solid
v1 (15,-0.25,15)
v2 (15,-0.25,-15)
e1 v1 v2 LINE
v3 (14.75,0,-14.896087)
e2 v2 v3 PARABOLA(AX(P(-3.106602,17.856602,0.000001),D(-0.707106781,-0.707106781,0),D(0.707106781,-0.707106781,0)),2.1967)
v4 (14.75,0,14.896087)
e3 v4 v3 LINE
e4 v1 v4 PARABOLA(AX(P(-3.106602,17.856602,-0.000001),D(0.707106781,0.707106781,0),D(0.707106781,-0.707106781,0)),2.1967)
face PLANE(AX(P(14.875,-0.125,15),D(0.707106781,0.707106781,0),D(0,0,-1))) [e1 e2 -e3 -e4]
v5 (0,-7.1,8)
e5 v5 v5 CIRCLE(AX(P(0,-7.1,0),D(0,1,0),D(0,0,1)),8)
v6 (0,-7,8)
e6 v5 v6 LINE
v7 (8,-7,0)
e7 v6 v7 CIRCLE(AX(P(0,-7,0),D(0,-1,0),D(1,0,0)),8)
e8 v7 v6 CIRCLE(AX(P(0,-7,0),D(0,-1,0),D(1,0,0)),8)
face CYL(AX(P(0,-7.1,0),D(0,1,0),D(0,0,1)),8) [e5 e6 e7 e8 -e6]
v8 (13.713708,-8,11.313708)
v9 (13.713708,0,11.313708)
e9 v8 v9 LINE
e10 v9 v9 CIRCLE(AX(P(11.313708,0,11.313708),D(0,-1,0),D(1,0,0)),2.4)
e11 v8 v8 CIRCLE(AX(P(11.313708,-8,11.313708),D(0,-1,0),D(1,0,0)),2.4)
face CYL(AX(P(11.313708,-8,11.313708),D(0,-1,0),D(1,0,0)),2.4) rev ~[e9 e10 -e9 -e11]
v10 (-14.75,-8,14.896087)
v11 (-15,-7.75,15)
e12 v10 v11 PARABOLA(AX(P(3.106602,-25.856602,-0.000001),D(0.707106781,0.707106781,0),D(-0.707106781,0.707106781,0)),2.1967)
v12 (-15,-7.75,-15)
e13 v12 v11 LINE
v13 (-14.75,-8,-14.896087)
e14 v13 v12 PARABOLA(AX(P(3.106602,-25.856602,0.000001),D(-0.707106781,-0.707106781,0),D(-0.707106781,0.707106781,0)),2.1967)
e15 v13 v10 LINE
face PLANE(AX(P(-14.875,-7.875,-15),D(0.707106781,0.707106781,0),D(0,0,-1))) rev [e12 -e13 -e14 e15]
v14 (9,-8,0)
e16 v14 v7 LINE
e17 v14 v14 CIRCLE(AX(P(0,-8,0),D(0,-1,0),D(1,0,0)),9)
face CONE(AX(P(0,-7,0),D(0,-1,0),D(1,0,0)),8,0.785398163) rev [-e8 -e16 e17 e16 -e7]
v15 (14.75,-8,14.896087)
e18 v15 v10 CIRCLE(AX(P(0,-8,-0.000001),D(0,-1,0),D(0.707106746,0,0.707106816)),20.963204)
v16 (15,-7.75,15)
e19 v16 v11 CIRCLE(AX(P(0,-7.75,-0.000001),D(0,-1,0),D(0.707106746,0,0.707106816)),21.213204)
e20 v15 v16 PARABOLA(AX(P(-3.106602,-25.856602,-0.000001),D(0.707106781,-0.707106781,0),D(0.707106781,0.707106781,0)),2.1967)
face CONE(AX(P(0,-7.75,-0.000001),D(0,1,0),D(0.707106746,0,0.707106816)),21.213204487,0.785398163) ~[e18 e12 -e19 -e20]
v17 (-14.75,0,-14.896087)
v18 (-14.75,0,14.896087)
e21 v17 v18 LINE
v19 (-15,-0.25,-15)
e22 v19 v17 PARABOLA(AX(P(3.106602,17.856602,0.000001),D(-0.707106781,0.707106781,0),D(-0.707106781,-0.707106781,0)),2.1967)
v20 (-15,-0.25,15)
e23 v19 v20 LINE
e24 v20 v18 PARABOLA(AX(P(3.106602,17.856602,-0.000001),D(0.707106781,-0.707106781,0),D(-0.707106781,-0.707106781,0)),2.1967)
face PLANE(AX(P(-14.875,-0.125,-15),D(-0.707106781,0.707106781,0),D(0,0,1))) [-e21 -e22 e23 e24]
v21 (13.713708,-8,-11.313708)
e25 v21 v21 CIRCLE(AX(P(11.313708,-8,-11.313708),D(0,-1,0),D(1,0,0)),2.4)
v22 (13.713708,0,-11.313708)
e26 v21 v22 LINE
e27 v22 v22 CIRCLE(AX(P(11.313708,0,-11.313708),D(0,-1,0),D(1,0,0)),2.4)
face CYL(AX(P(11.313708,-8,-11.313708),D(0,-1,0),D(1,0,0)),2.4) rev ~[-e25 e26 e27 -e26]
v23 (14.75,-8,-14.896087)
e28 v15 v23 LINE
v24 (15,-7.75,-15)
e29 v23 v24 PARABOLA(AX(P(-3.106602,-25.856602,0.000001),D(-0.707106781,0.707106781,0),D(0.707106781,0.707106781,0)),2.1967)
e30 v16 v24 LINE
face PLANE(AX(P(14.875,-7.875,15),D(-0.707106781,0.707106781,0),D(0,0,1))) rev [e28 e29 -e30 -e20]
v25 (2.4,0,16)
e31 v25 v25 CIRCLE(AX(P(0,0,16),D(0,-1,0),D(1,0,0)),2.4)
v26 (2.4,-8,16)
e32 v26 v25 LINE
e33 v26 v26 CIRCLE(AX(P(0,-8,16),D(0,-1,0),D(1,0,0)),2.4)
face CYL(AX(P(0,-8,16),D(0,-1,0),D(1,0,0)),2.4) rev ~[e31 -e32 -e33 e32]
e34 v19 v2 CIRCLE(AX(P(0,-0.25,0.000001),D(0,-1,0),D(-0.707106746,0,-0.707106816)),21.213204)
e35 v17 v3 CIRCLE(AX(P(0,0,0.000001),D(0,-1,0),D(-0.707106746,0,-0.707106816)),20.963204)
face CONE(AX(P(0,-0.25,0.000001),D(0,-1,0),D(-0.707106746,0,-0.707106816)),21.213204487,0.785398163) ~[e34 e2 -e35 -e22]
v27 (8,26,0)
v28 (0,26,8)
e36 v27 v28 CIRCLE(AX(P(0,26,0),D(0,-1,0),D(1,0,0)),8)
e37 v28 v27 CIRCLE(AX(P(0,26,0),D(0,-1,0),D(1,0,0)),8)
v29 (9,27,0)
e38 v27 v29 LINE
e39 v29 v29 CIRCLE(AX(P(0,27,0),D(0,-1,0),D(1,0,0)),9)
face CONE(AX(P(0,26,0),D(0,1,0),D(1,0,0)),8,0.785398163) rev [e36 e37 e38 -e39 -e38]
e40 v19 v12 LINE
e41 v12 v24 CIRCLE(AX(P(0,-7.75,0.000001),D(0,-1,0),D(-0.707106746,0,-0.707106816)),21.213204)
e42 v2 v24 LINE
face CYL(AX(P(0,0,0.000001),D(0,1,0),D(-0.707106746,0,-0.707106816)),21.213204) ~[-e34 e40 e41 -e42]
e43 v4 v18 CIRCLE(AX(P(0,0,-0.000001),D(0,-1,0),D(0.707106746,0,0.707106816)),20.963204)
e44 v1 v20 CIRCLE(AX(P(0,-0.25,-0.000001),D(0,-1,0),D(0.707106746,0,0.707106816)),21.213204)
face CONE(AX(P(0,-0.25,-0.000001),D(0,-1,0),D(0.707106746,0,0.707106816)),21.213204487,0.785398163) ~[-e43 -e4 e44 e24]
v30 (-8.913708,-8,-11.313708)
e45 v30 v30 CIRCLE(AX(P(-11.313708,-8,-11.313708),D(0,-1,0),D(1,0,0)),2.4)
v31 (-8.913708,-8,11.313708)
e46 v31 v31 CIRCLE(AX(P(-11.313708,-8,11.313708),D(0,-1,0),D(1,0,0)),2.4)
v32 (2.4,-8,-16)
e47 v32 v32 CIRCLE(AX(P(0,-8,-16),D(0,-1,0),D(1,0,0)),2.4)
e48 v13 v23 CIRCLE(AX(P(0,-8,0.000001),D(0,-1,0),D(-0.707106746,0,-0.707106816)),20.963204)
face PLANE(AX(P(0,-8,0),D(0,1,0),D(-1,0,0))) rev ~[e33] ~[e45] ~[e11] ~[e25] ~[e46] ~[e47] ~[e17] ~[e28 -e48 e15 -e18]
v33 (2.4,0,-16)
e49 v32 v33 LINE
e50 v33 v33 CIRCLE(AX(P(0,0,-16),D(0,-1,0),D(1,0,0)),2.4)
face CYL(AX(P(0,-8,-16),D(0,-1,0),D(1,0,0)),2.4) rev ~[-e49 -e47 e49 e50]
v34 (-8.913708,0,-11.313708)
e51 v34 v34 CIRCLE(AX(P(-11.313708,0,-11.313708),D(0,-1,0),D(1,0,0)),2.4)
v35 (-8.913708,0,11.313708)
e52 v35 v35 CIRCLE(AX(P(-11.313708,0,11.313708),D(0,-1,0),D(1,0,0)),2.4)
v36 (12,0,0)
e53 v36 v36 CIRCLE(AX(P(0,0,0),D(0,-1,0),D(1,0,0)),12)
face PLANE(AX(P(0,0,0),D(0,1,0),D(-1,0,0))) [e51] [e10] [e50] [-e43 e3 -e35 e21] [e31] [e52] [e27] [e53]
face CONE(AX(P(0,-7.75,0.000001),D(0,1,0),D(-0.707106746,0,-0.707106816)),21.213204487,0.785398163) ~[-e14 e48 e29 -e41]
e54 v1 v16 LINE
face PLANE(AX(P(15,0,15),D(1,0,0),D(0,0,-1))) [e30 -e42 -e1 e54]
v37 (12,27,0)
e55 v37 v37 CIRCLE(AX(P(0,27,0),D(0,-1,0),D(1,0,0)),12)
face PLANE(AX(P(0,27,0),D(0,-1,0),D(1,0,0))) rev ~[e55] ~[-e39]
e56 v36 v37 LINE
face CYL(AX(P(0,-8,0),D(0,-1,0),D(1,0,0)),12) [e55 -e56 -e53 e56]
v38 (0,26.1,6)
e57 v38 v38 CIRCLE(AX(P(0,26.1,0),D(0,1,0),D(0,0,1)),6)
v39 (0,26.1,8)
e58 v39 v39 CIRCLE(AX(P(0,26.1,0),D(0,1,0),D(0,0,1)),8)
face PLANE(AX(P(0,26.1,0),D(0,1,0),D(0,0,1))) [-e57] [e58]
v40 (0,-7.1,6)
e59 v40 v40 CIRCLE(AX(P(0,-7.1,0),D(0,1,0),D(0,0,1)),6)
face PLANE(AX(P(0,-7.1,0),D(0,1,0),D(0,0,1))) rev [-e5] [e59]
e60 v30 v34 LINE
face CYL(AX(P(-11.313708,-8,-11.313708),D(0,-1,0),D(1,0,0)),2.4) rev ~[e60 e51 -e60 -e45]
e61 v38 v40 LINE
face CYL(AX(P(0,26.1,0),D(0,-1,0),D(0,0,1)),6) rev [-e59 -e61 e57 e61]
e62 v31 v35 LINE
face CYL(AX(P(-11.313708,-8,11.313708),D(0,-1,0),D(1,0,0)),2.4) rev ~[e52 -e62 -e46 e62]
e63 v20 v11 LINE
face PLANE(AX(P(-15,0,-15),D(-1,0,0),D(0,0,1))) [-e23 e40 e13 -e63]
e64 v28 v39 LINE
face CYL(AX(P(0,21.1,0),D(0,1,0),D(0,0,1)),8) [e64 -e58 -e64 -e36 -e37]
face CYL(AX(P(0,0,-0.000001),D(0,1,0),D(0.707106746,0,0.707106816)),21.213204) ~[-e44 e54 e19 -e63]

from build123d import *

# Parameters (mm, degrees)
SKETCH_R        = 8
PAD_DEPTH       = 8
SKETCH001_R     = 2.4
POCKET_DEPTH    = 8.001
SKETCH002_R     = 12
SKETCH002_R_2   = 8
PAD001_DEPTH    = 35
CHAMFER_SIZE    = 0.25
CHAMFER001_SIZE = 1
CHAMFER002_SIZE = 1


with BuildPart() as housing_inner:
    # Sketch003 → Revolution (revolve)
    with BuildSketch(Plane.YZ):
        Polygon((-7.1, 6), (-7.1, 8), (-2.1, 8), (-2.1, 9), (21.1, 9), (21.1, 8), (26.1, 8), (26.1, 6), align=None)
    revolve(axis=Axis((0, 0, 0), (0, 1, 0)))


with BuildPart() as ballnut:
    # Sketch → Pad (new body)
    with BuildSketch(Plane.XZ):
        with BuildLine():
            Line((15, 15), (15, -15))
            ThreePointArc((-15, -15), (0, -21.213203), (15, -15))
            Line((-15, -15), (-15, 15))
            ThreePointArc((15, 15), (0, 21.213203), (-15, 15))
        make_face()
        Circle(SKETCH_R, mode=Mode.SUBTRACT)
    extrude(amount=PAD_DEPTH)

    # Sketch001 → Pocket (cut, through all)
    with BuildSketch(Plane.XZ.offset(8)):
        with Locations((-11.313708, 11.313708)):
            Circle(SKETCH001_R)
        with Locations((0, 16)):
            Circle(SKETCH001_R)
        with Locations((11.313708, 11.313708)):
            Circle(SKETCH001_R)
        with Locations((11.313708, -11.313708)):
            Circle(SKETCH001_R)
        with Locations((0, -16)):
            Circle(SKETCH001_R)
        with Locations((-11.313708, -11.313708)):
            Circle(SKETCH001_R)
    extrude(amount=-POCKET_DEPTH, mode=Mode.SUBTRACT)

    # Sketch002 → Pad001 (new body)
    with BuildSketch(Plane.XZ.offset(8)):
        Circle(SKETCH002_R)
        Circle(SKETCH002_R_2, mode=Mode.SUBTRACT)
    extrude(amount=-PAD001_DEPTH)

    # Chamfer
    chamfer_edges = [ballnut.edges().sort_by_distance(p)[0] for p in [
        (0, -8, 21.213203),
        (0, 0, 21.213203),
        (15, 0, 0),
        (15, -8, 0),
        (0, 0, -21.213203),
        (0, -8, -21.213203),
        (-15, -8, 0),
        (-15, 0, 0),
    ]]
    chamfer(chamfer_edges, length=CHAMFER_SIZE)

    # Chamfer001
    chamfer001_edges = [ballnut.edges().sort_by_distance(p)[0] for p in [
        (-8, -8, 0),
    ]]
    chamfer(chamfer001_edges, length=CHAMFER001_SIZE)

    # Chamfer002
    chamfer002_edges = [ballnut.edges().sort_by_distance(p)[0] for p in [
        (-8, 27, 0),
    ]]
    chamfer(chamfer002_edges, length=CHAMFER002_SIZE)

    # Fusion: union housing-inner
    add(housing_inner.part)


solid = ballnut.part
